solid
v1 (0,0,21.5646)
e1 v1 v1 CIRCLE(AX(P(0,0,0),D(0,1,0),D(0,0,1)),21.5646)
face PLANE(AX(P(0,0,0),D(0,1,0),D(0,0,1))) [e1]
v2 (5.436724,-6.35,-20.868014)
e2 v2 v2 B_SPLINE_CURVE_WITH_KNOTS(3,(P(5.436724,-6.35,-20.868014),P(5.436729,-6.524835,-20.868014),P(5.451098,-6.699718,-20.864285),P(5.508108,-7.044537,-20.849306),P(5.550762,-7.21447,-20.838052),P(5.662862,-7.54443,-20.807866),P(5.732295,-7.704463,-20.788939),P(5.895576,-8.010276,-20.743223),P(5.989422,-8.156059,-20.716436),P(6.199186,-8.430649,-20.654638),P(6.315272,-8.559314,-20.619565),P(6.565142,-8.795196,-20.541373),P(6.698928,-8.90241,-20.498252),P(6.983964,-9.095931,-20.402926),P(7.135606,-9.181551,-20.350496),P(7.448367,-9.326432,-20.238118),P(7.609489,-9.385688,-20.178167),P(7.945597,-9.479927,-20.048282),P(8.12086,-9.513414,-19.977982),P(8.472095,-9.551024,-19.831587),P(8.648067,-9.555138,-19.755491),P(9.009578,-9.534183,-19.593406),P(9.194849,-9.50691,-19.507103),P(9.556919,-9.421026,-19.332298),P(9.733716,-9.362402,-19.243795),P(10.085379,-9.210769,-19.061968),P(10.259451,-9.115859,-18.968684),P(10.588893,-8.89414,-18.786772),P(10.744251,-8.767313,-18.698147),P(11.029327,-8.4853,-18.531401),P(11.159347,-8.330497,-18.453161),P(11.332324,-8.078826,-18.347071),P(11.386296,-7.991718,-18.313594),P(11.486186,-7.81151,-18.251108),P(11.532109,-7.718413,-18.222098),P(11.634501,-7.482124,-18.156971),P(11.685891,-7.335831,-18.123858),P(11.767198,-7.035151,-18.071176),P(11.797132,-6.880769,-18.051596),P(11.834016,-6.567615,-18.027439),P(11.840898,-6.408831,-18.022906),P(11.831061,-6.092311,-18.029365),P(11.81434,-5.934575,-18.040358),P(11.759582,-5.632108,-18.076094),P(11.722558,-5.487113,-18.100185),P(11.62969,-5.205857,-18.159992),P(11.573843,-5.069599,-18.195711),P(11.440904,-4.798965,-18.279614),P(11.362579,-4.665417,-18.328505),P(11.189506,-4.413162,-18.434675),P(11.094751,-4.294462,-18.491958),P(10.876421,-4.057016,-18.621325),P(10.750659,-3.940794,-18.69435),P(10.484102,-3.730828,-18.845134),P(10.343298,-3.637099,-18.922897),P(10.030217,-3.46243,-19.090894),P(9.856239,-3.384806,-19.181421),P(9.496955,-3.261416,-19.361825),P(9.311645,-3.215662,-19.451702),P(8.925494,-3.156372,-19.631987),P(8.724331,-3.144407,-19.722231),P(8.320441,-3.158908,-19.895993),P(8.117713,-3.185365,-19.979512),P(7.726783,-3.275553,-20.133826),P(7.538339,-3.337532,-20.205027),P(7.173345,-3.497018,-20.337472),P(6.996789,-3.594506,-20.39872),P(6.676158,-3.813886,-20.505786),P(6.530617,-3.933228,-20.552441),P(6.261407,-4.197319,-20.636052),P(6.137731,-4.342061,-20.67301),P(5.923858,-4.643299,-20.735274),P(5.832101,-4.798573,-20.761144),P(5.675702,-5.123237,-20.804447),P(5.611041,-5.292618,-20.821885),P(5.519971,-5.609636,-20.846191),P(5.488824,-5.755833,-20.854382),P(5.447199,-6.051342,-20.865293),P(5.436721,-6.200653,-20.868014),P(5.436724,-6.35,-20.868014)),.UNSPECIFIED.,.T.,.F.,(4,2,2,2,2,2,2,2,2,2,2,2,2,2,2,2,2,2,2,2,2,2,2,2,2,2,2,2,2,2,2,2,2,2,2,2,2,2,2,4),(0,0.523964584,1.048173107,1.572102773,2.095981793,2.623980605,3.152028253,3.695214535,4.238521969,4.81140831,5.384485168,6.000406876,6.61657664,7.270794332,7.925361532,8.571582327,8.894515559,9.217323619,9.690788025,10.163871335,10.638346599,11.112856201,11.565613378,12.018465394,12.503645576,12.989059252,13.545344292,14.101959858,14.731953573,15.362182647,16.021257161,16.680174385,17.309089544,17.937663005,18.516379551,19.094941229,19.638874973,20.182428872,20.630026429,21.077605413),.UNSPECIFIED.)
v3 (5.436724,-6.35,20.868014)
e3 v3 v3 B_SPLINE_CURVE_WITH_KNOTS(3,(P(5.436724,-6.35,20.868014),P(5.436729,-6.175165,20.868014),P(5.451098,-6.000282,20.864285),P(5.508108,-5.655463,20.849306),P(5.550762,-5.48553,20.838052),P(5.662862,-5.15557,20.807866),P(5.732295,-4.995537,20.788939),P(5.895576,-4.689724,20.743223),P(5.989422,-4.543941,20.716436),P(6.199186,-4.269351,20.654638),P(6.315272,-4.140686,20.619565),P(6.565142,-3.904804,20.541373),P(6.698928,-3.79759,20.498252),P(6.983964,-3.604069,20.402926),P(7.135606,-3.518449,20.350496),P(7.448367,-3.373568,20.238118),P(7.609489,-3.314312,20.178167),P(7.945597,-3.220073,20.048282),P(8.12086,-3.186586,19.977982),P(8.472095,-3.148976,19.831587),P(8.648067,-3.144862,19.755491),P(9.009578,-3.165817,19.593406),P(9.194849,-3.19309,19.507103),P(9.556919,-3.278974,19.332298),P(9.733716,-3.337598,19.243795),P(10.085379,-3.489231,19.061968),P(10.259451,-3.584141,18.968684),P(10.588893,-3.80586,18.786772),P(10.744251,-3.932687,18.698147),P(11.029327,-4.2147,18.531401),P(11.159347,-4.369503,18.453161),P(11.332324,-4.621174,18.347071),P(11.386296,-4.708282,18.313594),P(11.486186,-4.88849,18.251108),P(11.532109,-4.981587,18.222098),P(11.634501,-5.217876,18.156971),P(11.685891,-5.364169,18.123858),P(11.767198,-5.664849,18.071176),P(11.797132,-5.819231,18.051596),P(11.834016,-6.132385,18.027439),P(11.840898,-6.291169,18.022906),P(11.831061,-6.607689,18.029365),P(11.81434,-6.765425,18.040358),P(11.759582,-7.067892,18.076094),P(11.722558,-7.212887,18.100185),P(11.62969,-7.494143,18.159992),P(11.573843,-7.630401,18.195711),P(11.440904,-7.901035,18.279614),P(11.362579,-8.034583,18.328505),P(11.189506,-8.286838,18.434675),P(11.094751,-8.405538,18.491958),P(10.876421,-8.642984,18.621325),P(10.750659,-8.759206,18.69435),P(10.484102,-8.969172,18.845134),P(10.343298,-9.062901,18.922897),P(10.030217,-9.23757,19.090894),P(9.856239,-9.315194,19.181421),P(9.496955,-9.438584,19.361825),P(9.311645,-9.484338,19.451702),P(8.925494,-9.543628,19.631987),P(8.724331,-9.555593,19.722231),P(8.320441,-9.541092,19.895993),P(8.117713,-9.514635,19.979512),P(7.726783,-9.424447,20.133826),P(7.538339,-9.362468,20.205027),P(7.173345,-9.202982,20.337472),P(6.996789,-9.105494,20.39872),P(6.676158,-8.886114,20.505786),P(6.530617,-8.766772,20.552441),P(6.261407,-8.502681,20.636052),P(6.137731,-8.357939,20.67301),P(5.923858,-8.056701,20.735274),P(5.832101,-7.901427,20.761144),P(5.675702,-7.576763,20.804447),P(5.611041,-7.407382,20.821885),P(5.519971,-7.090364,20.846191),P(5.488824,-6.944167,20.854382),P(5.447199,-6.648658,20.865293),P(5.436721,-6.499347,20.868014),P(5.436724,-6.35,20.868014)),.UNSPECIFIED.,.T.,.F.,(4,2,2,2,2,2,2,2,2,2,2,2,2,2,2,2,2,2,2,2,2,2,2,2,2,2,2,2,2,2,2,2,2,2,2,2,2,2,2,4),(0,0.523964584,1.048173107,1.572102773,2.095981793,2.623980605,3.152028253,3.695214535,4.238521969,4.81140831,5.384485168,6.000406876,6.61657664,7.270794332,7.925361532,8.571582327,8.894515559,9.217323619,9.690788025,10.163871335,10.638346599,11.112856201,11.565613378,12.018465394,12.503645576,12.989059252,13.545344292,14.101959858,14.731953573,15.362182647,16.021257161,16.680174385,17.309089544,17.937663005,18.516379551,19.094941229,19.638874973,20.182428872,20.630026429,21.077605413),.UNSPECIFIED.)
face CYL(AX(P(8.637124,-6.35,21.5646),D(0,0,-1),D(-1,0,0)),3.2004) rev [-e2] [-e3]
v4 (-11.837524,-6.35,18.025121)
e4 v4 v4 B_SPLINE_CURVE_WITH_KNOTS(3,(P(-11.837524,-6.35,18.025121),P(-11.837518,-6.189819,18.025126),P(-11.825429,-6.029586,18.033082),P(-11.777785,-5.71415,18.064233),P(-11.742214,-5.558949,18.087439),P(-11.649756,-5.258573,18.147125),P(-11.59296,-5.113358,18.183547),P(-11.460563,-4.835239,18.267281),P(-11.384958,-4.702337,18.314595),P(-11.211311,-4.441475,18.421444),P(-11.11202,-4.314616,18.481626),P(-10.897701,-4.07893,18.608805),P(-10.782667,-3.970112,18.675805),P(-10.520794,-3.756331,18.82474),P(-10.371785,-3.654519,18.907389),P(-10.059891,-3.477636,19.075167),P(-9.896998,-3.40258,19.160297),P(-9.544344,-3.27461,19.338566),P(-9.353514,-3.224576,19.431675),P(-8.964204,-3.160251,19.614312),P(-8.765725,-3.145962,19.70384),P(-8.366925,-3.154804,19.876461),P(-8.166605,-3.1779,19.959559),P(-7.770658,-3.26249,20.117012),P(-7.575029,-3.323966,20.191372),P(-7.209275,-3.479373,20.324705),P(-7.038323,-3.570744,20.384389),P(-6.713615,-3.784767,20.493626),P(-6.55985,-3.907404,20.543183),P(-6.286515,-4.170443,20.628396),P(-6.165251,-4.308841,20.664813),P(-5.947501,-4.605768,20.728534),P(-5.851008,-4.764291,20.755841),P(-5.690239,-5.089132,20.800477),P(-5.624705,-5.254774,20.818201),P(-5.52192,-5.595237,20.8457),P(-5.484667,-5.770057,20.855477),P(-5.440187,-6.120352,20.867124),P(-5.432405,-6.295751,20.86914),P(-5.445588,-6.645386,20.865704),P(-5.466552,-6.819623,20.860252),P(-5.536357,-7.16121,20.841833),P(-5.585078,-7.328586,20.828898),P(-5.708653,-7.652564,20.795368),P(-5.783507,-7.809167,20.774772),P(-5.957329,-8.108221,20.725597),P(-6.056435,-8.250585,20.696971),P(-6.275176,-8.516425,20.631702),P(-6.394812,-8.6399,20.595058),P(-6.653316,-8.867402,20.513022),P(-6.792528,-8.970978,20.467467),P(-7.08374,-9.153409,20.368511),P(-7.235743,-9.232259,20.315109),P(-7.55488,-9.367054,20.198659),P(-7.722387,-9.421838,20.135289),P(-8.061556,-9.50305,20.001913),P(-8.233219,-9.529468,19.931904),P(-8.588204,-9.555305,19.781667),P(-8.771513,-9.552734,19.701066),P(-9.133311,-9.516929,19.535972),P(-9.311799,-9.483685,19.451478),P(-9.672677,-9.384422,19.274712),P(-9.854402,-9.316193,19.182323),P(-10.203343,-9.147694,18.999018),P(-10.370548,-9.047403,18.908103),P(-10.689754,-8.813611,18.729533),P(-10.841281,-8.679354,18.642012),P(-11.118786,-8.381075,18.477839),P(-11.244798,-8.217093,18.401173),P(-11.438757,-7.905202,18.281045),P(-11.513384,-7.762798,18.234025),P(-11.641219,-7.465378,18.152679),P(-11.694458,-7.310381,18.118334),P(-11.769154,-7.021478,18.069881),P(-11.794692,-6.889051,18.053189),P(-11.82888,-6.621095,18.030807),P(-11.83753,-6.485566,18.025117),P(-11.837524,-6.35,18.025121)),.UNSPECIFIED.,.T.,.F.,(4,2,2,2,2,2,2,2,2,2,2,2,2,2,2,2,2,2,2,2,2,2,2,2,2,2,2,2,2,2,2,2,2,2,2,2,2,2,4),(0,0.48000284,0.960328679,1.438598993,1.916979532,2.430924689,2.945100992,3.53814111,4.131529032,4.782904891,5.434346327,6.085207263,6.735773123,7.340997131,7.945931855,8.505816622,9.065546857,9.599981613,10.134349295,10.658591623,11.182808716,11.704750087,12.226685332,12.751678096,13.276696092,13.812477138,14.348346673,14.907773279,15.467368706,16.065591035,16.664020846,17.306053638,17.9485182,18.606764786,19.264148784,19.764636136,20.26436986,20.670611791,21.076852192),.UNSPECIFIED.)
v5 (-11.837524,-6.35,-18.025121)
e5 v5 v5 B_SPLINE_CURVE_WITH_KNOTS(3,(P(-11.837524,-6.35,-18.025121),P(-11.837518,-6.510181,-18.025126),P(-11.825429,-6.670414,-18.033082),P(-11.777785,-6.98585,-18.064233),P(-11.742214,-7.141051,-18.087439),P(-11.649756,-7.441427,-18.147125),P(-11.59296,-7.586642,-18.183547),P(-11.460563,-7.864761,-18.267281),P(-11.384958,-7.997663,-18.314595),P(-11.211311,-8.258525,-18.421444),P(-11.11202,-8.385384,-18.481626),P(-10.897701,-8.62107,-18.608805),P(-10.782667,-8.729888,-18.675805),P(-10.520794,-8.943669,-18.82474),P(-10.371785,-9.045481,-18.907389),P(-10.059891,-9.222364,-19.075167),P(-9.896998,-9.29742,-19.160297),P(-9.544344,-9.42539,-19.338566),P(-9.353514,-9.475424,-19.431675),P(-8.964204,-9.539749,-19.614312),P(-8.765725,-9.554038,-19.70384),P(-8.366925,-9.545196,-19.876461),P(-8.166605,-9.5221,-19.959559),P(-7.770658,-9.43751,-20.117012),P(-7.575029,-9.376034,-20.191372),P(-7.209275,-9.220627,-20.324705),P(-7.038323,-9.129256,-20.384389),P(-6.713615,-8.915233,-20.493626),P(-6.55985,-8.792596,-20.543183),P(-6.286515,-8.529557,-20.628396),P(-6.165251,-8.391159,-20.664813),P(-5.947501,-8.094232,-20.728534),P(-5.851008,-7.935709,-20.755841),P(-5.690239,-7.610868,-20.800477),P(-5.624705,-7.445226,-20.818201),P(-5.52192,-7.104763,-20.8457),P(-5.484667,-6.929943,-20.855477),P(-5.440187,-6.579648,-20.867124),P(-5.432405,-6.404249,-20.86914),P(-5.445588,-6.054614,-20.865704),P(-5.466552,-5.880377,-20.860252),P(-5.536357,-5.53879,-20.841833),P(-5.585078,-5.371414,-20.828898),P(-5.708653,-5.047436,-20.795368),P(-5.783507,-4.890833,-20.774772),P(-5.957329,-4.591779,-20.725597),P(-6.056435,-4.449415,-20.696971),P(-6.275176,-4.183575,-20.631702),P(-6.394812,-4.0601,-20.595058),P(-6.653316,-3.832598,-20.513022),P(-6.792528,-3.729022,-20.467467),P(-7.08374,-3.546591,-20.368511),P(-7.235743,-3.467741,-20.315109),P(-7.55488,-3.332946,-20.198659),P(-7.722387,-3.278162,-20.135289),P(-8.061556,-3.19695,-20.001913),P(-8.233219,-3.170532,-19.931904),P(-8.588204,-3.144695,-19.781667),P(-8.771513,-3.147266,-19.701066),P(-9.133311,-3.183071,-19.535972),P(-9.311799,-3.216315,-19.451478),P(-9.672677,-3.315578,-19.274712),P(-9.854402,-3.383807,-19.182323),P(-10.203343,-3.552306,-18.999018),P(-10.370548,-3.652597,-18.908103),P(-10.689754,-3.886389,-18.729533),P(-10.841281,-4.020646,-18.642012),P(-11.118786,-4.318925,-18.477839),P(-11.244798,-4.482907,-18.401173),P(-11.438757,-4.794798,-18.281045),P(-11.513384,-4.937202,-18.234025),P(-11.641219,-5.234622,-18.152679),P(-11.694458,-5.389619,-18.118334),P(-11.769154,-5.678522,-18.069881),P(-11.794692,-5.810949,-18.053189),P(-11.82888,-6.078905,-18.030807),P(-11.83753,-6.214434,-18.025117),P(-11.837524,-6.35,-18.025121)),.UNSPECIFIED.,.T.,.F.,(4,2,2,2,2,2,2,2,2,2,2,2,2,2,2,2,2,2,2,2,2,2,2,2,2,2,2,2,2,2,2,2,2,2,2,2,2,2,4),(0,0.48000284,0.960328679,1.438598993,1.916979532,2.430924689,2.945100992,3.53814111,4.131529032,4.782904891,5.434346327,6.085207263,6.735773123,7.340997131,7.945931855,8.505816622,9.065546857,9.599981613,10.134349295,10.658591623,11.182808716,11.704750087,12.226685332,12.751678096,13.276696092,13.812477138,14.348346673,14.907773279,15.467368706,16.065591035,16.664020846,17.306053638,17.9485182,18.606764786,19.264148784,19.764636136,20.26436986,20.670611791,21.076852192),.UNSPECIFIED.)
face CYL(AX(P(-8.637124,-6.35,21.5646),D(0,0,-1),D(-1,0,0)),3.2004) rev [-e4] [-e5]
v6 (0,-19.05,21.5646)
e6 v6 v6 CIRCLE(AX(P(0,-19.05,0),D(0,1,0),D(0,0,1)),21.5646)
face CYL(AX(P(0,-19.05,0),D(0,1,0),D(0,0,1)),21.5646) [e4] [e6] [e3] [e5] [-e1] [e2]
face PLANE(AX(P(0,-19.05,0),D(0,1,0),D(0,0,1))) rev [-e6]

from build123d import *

# Parameters (mm, degrees)
SKETCH1_R      = 21.5646
EXTRUDE1_DEPTH = 19.05
SKETCH5_R      = 3.2004
EXTRUDE2_DEPTH = 52.867658269


with BuildPart() as part:
    # Sketch1 → Extrude1 (new body)
    with BuildSketch(Plane(origin=(0, 0, 0), x_dir=(1, 0, 0), z_dir=(0, 1, 0))):
        Circle(SKETCH1_R)
    extrude(amount=-EXTRUDE1_DEPTH)

    # Sketch5 → Extrude2 (cut, through all)
    with BuildSketch(Plane.XY.offset(-21.59)):
        with Locations((8.637124479, -6.35)):
            Circle(SKETCH5_R)
        with Locations((-8.637124479, -6.35)):
            Circle(SKETCH5_R)
    extrude(amount=EXTRUDE2_DEPTH, mode=Mode.SUBTRACT)


solid = part.part
